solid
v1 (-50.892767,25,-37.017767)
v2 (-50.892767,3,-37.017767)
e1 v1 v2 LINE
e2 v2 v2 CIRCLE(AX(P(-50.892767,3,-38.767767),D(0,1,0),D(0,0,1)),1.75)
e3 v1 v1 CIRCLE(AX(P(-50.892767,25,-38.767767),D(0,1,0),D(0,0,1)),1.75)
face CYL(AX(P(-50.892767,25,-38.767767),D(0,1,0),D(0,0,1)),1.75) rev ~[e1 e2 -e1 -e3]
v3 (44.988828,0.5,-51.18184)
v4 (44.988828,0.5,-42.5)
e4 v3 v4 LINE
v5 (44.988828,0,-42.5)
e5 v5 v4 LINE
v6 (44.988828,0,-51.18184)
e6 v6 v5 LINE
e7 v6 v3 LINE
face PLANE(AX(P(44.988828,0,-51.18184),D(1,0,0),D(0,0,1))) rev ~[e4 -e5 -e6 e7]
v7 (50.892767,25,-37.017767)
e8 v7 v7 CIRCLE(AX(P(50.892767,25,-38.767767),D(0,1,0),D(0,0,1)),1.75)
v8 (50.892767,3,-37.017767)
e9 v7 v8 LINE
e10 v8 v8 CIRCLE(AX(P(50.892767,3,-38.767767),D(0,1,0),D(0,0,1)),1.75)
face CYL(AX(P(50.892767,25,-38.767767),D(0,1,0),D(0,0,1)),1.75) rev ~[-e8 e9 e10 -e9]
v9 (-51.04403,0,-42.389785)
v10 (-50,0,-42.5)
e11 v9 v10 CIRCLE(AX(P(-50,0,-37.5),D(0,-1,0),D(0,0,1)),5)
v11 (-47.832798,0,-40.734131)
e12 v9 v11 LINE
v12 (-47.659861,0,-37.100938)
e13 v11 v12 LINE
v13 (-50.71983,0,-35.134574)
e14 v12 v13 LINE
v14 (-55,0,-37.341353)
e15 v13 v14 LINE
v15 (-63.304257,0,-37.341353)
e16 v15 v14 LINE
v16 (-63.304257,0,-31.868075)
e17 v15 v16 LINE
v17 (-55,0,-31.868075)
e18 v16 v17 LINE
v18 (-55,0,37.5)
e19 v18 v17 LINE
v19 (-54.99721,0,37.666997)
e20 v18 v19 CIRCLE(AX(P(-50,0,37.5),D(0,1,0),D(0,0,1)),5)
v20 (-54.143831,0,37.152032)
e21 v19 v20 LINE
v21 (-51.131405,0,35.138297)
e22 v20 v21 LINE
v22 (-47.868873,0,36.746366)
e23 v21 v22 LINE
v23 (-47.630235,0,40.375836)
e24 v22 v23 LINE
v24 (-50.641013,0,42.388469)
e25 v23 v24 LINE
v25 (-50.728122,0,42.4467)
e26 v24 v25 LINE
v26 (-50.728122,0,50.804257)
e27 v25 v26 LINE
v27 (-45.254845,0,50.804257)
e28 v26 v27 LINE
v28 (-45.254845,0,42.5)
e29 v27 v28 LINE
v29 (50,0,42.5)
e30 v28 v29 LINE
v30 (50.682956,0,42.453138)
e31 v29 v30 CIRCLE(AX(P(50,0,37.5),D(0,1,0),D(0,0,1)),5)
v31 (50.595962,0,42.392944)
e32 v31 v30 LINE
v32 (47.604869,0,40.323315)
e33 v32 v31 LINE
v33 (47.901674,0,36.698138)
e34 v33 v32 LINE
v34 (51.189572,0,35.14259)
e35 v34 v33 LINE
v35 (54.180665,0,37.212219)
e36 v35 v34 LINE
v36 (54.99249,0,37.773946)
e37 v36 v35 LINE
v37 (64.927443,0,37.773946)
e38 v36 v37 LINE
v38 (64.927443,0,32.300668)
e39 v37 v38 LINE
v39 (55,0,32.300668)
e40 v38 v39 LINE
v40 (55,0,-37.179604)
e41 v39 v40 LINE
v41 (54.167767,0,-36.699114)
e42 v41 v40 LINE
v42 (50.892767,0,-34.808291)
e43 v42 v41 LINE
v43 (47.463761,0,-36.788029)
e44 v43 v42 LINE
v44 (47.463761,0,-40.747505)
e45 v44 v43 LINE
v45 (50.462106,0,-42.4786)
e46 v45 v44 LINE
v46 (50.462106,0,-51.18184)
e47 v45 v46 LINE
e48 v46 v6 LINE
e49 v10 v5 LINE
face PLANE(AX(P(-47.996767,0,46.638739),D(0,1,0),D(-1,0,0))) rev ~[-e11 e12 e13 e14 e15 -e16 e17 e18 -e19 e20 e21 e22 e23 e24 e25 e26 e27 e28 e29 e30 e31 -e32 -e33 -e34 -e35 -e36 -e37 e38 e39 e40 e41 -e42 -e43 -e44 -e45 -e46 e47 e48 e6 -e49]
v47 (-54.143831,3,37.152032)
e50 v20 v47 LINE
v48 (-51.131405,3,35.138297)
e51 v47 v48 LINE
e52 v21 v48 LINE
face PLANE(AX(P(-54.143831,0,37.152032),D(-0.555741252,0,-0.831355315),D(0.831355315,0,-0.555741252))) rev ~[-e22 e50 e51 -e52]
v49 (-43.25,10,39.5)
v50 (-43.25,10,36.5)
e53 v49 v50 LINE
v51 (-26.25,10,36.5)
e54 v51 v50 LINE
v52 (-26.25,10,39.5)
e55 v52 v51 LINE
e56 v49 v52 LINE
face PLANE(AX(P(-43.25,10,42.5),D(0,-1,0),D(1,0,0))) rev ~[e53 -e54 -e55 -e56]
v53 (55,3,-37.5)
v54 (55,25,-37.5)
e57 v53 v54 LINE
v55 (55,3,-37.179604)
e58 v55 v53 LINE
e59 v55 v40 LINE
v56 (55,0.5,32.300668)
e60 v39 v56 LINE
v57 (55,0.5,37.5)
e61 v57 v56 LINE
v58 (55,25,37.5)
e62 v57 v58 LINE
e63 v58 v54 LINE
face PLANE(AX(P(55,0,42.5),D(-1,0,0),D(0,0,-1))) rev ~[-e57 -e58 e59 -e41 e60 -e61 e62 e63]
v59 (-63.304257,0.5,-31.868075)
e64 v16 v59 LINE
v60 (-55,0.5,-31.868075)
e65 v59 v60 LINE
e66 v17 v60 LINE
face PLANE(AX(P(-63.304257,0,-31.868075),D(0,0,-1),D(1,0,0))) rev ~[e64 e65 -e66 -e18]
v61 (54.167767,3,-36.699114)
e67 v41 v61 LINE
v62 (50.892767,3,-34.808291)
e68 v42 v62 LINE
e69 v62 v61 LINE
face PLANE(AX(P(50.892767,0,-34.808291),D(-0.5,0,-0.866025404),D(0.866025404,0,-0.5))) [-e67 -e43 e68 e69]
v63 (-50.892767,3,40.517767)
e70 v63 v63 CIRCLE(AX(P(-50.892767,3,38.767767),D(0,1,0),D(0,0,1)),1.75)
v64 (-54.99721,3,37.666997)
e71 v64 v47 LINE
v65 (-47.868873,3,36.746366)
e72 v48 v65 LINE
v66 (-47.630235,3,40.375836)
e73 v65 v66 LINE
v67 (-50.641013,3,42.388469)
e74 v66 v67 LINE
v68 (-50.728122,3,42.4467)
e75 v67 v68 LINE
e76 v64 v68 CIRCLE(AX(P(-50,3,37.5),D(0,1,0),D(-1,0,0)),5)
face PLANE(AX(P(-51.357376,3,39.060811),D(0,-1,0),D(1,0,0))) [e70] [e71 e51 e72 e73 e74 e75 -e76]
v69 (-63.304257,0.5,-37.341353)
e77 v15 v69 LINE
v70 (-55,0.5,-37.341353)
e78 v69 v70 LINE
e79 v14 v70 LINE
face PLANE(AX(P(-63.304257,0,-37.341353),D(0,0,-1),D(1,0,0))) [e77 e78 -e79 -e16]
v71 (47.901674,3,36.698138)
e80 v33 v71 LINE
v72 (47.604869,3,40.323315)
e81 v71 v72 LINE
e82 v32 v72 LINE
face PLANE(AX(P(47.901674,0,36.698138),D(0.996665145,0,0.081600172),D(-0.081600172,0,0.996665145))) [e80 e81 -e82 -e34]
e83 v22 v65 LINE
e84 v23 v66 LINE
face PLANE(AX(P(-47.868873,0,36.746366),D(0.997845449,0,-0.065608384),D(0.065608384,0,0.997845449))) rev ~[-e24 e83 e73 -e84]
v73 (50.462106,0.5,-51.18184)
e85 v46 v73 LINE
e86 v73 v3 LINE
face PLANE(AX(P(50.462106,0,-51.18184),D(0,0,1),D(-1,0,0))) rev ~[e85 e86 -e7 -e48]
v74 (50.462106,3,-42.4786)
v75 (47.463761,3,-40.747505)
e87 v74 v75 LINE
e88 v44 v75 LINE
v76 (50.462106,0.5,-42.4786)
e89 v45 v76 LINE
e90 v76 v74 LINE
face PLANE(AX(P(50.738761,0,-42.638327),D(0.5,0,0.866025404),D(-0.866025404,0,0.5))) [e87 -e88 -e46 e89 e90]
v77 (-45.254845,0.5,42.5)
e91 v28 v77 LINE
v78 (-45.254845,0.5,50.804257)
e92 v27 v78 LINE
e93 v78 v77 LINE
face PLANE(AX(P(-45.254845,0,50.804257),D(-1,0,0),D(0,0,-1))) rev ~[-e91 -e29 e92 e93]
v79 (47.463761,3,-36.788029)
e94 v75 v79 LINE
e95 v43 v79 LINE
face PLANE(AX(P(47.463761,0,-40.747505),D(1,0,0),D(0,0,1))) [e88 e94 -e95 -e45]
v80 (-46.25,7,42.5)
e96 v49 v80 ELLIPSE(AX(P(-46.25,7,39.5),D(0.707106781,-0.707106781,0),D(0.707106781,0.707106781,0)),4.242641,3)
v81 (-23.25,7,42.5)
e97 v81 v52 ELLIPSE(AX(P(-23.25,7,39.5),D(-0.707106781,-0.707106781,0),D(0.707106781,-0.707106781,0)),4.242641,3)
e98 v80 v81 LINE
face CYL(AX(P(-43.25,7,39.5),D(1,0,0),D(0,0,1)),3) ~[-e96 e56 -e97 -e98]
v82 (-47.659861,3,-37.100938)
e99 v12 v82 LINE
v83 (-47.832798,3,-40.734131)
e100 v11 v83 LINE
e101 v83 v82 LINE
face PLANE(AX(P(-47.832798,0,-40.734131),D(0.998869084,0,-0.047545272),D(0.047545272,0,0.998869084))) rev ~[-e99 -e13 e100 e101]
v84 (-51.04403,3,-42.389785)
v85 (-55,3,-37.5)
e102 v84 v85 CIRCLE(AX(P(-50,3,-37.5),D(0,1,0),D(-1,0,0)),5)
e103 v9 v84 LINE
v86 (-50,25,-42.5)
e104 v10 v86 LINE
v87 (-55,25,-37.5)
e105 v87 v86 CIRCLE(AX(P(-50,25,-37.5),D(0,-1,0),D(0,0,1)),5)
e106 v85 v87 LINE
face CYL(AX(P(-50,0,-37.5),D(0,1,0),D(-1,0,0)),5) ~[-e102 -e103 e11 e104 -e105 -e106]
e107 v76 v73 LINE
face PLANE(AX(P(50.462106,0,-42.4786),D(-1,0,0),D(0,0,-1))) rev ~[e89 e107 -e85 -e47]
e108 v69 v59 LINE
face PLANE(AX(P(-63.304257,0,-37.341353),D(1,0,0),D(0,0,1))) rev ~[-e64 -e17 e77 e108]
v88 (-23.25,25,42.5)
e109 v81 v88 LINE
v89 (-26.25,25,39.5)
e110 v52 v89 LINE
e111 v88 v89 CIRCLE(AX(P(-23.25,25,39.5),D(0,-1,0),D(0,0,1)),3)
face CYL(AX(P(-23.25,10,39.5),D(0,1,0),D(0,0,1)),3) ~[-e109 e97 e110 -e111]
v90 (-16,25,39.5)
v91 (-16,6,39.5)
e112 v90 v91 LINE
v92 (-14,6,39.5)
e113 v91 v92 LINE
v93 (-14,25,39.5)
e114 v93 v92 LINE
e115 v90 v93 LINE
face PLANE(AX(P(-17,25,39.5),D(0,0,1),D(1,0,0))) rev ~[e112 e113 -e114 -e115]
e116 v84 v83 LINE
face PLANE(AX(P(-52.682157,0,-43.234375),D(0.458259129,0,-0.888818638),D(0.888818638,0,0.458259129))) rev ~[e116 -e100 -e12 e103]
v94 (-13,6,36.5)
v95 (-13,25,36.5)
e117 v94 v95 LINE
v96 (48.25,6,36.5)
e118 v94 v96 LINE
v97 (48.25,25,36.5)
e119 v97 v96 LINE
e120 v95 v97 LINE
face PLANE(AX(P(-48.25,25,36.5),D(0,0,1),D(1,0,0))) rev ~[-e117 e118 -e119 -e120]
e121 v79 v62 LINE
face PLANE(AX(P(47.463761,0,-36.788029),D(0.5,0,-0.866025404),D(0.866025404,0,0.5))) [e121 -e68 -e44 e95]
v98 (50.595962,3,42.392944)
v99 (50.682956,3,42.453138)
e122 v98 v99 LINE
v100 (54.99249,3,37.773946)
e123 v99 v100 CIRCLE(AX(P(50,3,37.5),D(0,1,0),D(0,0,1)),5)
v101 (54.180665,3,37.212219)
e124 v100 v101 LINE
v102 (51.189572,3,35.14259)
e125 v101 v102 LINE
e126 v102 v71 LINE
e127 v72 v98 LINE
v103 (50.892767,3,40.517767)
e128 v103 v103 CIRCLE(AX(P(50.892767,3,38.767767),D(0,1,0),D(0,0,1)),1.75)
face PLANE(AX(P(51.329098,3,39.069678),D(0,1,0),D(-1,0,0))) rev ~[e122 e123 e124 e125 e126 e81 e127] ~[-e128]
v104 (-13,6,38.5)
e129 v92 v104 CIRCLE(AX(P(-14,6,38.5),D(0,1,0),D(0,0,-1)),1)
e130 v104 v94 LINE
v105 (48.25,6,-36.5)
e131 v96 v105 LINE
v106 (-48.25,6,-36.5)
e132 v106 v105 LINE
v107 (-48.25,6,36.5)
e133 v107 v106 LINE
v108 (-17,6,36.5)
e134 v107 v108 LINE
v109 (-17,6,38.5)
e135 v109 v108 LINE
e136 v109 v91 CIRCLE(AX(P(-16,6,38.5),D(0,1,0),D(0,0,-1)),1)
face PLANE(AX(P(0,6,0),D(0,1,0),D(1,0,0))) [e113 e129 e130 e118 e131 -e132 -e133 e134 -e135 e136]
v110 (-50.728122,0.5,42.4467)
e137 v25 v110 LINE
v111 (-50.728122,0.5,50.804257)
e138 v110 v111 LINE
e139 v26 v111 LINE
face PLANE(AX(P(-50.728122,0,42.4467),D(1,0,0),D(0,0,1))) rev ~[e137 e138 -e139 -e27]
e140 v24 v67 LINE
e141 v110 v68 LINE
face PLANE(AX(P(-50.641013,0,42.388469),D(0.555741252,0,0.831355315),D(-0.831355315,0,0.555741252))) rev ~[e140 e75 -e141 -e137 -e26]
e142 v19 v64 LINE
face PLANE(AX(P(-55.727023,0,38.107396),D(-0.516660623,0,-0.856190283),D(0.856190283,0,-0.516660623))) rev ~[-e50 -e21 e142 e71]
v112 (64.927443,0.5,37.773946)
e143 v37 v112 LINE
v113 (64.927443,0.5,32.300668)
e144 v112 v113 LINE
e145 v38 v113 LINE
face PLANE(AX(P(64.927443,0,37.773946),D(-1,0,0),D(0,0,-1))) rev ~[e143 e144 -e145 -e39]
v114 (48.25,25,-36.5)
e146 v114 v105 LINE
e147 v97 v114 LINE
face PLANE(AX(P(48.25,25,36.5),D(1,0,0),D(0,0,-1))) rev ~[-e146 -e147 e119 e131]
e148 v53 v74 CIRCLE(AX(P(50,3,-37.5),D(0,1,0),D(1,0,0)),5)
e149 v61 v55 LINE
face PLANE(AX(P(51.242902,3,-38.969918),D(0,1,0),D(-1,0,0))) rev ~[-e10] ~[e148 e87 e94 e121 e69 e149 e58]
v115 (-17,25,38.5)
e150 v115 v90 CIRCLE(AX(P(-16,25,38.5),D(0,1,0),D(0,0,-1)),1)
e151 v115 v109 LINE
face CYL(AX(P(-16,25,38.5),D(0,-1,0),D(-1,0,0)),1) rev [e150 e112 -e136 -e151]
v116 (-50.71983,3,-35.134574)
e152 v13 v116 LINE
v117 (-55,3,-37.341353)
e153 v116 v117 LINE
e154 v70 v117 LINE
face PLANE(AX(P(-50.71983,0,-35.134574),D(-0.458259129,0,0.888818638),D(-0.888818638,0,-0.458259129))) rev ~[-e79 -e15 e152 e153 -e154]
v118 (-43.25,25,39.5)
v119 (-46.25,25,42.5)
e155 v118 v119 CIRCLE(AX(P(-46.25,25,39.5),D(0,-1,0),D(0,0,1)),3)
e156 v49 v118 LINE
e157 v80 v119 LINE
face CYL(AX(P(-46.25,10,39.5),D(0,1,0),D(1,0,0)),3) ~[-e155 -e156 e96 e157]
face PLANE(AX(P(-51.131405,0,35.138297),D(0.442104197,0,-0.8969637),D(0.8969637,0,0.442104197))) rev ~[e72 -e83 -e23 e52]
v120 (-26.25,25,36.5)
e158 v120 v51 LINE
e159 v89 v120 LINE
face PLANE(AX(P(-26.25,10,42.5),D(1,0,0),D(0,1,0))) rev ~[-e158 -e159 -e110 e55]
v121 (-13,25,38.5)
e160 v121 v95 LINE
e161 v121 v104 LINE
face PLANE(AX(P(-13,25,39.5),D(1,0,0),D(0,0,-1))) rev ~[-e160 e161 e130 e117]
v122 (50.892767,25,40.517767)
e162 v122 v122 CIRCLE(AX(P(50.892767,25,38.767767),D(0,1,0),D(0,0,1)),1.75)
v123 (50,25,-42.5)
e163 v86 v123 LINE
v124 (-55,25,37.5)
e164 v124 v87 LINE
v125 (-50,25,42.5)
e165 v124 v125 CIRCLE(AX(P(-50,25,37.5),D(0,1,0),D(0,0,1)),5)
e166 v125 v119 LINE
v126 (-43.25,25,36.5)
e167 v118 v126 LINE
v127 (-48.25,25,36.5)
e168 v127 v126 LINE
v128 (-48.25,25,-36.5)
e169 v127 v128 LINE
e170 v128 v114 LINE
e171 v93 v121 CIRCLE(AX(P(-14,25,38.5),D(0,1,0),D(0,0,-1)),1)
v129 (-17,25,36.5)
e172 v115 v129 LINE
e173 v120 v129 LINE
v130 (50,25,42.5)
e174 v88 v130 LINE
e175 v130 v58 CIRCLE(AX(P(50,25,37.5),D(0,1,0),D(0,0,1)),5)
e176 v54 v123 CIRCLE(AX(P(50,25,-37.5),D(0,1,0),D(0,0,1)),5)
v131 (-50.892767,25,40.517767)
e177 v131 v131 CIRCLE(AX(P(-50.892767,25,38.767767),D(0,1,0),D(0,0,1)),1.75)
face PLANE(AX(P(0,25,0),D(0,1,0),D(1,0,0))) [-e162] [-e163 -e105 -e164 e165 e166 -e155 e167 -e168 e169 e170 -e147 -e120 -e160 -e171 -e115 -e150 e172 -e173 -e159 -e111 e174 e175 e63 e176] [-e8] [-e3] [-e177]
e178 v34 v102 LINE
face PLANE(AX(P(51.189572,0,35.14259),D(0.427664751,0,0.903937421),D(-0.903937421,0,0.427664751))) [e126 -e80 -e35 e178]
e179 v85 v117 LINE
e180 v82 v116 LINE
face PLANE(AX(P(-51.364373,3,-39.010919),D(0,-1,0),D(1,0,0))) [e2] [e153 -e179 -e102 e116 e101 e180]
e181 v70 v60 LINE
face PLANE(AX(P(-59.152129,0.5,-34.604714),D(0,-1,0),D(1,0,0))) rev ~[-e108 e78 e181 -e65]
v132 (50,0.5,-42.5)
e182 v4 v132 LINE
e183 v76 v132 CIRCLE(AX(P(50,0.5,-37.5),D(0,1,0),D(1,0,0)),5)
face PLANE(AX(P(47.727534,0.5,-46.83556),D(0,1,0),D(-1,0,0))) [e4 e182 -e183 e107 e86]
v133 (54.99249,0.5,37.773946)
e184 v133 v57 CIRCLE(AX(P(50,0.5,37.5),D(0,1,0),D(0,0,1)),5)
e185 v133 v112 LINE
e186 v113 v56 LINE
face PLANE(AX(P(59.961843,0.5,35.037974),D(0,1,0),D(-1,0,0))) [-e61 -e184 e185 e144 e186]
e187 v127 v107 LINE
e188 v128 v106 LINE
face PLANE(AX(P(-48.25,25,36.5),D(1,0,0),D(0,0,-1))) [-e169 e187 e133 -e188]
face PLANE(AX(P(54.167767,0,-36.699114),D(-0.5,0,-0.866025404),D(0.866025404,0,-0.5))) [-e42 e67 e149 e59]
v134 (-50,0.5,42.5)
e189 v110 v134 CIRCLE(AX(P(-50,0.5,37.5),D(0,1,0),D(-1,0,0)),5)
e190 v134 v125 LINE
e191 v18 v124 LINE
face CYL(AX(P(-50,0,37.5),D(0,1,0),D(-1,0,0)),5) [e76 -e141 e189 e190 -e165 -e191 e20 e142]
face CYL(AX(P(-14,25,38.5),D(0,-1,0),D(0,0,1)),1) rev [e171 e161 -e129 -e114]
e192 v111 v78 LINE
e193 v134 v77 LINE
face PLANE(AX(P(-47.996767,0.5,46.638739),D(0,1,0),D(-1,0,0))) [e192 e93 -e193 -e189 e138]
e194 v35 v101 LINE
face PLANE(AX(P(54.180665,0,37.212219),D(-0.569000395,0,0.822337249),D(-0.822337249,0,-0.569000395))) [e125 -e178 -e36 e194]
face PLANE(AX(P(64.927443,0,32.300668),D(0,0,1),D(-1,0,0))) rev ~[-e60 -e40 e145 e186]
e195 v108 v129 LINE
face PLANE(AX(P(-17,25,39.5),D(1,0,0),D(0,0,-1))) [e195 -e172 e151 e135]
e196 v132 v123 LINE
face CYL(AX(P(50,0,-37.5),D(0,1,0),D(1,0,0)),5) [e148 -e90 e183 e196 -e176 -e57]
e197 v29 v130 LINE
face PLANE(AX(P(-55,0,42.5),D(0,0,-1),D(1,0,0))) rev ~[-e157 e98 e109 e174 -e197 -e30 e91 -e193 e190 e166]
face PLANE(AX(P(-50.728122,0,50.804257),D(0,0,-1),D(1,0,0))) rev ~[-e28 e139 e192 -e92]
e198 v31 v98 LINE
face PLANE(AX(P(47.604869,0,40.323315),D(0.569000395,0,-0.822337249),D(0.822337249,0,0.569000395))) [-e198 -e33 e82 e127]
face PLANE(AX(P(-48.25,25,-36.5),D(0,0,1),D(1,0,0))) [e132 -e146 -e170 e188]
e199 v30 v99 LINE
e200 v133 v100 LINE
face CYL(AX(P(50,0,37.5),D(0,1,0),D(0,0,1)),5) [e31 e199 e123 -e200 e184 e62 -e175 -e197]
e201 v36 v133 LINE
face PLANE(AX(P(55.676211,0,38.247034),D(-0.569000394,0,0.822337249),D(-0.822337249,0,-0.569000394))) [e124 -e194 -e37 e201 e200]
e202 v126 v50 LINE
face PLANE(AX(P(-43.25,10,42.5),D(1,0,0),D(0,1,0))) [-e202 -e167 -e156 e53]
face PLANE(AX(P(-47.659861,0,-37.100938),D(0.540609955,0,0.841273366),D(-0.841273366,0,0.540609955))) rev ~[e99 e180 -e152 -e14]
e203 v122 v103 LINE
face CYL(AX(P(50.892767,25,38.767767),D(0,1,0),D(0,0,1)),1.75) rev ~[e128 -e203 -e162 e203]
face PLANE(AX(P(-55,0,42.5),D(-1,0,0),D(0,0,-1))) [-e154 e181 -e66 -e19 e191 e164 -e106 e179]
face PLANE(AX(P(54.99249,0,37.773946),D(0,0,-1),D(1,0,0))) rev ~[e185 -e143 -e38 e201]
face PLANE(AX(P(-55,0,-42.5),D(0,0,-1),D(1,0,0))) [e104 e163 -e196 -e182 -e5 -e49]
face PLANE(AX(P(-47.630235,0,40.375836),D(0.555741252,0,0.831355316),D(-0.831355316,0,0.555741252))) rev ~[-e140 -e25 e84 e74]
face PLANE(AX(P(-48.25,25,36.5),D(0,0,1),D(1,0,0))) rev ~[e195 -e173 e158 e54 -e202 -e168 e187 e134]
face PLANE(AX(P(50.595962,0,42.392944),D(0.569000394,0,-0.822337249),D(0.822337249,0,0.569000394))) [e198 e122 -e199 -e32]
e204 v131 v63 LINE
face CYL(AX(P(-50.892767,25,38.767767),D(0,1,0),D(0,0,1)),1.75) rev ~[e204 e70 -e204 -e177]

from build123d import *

# Parameters (mm, degrees)
SKETCH1_W                 = 110
SKETCH1_H                 = 85
BASE_DEPTH                = 25
FILLET1_R                 = 5
SKETCH2_W                 = 96.5
SKETCH2_H                 = 73
BASKET_DEPTH              = 19
SKETCH3_W                 = 4
SKETCH3_H                 = 6
WIRE_CHANNEL_DEPTH        = 19
WIRE_CHANNEL_ROUNDING_R   = 1
SWITCH_CUT_OUT_REACH      = 106.283
SKETCH5_W                 = 17
SKETCH5_H                 = 15
SWITCH_CUT_OUT_ROUNDING_R = 3
SKETCH14_R                = 1.75
CORNER_HOLES_DEPTH        = 74.866433513
BOTTOM_NUT_CUT_OUT_DEPTH  = 3
SKETCH18_W                = 8.304257035
SKETCH18_H                = 5.473277891
PRINTING_TIE_DOWNS_DEPTH  = 0.5


with BuildPart() as part:
    # Sketch1 → Base (new body)
    with BuildSketch(Plane(origin=(0, 0, 0), x_dir=(1, 0, 0), z_dir=(0, 1, 0))):
        Rectangle(SKETCH1_W, SKETCH1_H)
    extrude(amount=BASE_DEPTH)

    # Fillet1
    fillet1_edges = [part.edges().sort_by_distance(p)[0] for p in [
        (55, 12.5, 42.5),
        (-55, 12.5, 42.5),
        (-55, 12.5, -42.5),
        (55, 12.5, -42.5),
    ]]
    fillet(fillet1_edges, radius=FILLET1_R)

    # Sketch2 → Basket (cut)
    with BuildSketch(Plane(origin=(0, 25, 0), x_dir=(1, 0, 0), z_dir=(0, 1, 0))):
        Rectangle(SKETCH2_W, SKETCH2_H)
    extrude(amount=-BASKET_DEPTH, mode=Mode.SUBTRACT)

    # Sketch3 → Wire Channel (cut)
    with BuildSketch(Plane(origin=(0, 25, 0), x_dir=(1, 0, 0), z_dir=(0, 1, 0))):
        with Locations((-15, -36.5)):
            Rectangle(SKETCH3_W, SKETCH3_H)
    extrude(amount=-WIRE_CHANNEL_DEPTH, mode=Mode.SUBTRACT)

    # Wire Channel Rounding
    wire_channel_rounding_edges = [part.edges().sort_by_distance(p)[0] for p in [
        (-17, 15.5, 39.5),
        (-13, 15.5, 39.5),
    ]]
    fillet(wire_channel_rounding_edges, radius=WIRE_CHANNEL_ROUNDING_R)

    # Sketch5 → Switch Cut-out (cut, up to next)
    with BuildSketch(Plane.XY.offset(42.5), mode=Mode.PRIVATE) as switch_cut_out_sk1:
        with Locations((-34.75, 17.5)):
            Rectangle(SKETCH5_W, SKETCH5_H)
    switch_cut_out_tool1 = extrude(switch_cut_out_sk1.sketch, amount=-SWITCH_CUT_OUT_REACH, mode=Mode.PRIVATE) & part.part
    add(switch_cut_out_tool1.solids().sort_by_distance((-34.75, 17.5, 42.5))[0], mode=Mode.SUBTRACT)

    # Switch Cut-out Rounding
    switch_cut_out_rounding_edges = [part.edges().sort_by_distance(p)[0] for p in [
        (-43.25, 17.5, 42.5),
        (-34.75, 10, 42.5),
        (-26.25, 17.5, 42.5),
    ]]
    fillet(switch_cut_out_rounding_edges, radius=SWITCH_CUT_OUT_ROUNDING_R)

    # Sketch14 → Corner Holes (cut, through all)
    with BuildSketch(Plane(origin=(0, 25, 0), x_dir=(1, 0, 0), z_dir=(0, 1, 0))):
        with Locations(Location((-50.892766953, 38.767766953, 0), (0, 0, 270))):
            Circle(SKETCH14_R)
        with Locations(Location((50.892766953, 38.767766953, 0), (0, 0, 270))):
            Circle(SKETCH14_R)
        with Locations(Location((50.892766953, -38.767766953, 0), (0, 0, 270))):
            Circle(SKETCH14_R)
        with Locations(Location((-50.892766953, -38.767766953, 0), (0, 0, 270))):
            Circle(SKETCH14_R)
    extrude(amount=-CORNER_HOLES_DEPTH, mode=Mode.SUBTRACT)

    # Sketch15 → Bottom Nut Cut-out (cut)
    with BuildSketch(Plane.XZ):
        Polygon((-50.64101323, 42.388469214), (-52.178282629, 43.416097239), (-55.727023172, 38.10739593), (-54.143831126, 37.15203238), (-51.13140477, 35.13829702), (-47.868872697, 36.746365575), (-47.630234881, 40.375835508), align=None)
        Polygon((50.595962101, 42.39294376), (52.091508492, 43.427758232), (55.676210978, 38.247033564), (54.180664587, 37.212219092), (51.189571805, 35.142590146), (47.901674171, 36.698138008), (47.604869319, 40.323314814), align=None)
        Polygon((54.167766953, -36.699113605), (55.742766953, -37.608440279), (52.313760602, -43.547653498), (50.738760602, -42.638326824), (47.463760602, -40.747504693), (47.463760602, -36.788029213), (50.892766953, -34.808291473), align=None)
        Polygon((-53.9527362, -36.801402743), (-55.569189191, -37.634817242), (-52.682156679, -43.23437466), (-51.065703688, -42.400960161), (-47.832797706, -40.734131163), (-47.65986097, -37.100937955), (-50.719830218, -35.134573745), align=None)
    extrude(amount=-BOTTOM_NUT_CUT_OUT_DEPTH, mode=Mode.SUBTRACT)

    # Sketch18 → Printing Tie-downs (add)
    with BuildSketch(Plane.XZ):
        Polygon((-50.728122477, 42.446699673), (-50.728122477, 50.804257035), (-45.254844585, 50.804257035), (-45.254844585, 42.5), align=None)
        Polygon((54.992489727, 37.773945836), (64.927443113, 37.773945836), (64.927443113, 32.300667944), (55, 32.300667944), align=None)
        Polygon((50.462105691, -42.478600037), (50.462105691, -51.181840402), (44.9888278, -51.181840402), (44.9888278, -42.5), align=None)
        with Locations((-59.152128518, -34.604714443)):
            Rectangle(SKETCH18_W, SKETCH18_H)
    extrude(amount=-PRINTING_TIE_DOWNS_DEPTH)


solid = part.part
